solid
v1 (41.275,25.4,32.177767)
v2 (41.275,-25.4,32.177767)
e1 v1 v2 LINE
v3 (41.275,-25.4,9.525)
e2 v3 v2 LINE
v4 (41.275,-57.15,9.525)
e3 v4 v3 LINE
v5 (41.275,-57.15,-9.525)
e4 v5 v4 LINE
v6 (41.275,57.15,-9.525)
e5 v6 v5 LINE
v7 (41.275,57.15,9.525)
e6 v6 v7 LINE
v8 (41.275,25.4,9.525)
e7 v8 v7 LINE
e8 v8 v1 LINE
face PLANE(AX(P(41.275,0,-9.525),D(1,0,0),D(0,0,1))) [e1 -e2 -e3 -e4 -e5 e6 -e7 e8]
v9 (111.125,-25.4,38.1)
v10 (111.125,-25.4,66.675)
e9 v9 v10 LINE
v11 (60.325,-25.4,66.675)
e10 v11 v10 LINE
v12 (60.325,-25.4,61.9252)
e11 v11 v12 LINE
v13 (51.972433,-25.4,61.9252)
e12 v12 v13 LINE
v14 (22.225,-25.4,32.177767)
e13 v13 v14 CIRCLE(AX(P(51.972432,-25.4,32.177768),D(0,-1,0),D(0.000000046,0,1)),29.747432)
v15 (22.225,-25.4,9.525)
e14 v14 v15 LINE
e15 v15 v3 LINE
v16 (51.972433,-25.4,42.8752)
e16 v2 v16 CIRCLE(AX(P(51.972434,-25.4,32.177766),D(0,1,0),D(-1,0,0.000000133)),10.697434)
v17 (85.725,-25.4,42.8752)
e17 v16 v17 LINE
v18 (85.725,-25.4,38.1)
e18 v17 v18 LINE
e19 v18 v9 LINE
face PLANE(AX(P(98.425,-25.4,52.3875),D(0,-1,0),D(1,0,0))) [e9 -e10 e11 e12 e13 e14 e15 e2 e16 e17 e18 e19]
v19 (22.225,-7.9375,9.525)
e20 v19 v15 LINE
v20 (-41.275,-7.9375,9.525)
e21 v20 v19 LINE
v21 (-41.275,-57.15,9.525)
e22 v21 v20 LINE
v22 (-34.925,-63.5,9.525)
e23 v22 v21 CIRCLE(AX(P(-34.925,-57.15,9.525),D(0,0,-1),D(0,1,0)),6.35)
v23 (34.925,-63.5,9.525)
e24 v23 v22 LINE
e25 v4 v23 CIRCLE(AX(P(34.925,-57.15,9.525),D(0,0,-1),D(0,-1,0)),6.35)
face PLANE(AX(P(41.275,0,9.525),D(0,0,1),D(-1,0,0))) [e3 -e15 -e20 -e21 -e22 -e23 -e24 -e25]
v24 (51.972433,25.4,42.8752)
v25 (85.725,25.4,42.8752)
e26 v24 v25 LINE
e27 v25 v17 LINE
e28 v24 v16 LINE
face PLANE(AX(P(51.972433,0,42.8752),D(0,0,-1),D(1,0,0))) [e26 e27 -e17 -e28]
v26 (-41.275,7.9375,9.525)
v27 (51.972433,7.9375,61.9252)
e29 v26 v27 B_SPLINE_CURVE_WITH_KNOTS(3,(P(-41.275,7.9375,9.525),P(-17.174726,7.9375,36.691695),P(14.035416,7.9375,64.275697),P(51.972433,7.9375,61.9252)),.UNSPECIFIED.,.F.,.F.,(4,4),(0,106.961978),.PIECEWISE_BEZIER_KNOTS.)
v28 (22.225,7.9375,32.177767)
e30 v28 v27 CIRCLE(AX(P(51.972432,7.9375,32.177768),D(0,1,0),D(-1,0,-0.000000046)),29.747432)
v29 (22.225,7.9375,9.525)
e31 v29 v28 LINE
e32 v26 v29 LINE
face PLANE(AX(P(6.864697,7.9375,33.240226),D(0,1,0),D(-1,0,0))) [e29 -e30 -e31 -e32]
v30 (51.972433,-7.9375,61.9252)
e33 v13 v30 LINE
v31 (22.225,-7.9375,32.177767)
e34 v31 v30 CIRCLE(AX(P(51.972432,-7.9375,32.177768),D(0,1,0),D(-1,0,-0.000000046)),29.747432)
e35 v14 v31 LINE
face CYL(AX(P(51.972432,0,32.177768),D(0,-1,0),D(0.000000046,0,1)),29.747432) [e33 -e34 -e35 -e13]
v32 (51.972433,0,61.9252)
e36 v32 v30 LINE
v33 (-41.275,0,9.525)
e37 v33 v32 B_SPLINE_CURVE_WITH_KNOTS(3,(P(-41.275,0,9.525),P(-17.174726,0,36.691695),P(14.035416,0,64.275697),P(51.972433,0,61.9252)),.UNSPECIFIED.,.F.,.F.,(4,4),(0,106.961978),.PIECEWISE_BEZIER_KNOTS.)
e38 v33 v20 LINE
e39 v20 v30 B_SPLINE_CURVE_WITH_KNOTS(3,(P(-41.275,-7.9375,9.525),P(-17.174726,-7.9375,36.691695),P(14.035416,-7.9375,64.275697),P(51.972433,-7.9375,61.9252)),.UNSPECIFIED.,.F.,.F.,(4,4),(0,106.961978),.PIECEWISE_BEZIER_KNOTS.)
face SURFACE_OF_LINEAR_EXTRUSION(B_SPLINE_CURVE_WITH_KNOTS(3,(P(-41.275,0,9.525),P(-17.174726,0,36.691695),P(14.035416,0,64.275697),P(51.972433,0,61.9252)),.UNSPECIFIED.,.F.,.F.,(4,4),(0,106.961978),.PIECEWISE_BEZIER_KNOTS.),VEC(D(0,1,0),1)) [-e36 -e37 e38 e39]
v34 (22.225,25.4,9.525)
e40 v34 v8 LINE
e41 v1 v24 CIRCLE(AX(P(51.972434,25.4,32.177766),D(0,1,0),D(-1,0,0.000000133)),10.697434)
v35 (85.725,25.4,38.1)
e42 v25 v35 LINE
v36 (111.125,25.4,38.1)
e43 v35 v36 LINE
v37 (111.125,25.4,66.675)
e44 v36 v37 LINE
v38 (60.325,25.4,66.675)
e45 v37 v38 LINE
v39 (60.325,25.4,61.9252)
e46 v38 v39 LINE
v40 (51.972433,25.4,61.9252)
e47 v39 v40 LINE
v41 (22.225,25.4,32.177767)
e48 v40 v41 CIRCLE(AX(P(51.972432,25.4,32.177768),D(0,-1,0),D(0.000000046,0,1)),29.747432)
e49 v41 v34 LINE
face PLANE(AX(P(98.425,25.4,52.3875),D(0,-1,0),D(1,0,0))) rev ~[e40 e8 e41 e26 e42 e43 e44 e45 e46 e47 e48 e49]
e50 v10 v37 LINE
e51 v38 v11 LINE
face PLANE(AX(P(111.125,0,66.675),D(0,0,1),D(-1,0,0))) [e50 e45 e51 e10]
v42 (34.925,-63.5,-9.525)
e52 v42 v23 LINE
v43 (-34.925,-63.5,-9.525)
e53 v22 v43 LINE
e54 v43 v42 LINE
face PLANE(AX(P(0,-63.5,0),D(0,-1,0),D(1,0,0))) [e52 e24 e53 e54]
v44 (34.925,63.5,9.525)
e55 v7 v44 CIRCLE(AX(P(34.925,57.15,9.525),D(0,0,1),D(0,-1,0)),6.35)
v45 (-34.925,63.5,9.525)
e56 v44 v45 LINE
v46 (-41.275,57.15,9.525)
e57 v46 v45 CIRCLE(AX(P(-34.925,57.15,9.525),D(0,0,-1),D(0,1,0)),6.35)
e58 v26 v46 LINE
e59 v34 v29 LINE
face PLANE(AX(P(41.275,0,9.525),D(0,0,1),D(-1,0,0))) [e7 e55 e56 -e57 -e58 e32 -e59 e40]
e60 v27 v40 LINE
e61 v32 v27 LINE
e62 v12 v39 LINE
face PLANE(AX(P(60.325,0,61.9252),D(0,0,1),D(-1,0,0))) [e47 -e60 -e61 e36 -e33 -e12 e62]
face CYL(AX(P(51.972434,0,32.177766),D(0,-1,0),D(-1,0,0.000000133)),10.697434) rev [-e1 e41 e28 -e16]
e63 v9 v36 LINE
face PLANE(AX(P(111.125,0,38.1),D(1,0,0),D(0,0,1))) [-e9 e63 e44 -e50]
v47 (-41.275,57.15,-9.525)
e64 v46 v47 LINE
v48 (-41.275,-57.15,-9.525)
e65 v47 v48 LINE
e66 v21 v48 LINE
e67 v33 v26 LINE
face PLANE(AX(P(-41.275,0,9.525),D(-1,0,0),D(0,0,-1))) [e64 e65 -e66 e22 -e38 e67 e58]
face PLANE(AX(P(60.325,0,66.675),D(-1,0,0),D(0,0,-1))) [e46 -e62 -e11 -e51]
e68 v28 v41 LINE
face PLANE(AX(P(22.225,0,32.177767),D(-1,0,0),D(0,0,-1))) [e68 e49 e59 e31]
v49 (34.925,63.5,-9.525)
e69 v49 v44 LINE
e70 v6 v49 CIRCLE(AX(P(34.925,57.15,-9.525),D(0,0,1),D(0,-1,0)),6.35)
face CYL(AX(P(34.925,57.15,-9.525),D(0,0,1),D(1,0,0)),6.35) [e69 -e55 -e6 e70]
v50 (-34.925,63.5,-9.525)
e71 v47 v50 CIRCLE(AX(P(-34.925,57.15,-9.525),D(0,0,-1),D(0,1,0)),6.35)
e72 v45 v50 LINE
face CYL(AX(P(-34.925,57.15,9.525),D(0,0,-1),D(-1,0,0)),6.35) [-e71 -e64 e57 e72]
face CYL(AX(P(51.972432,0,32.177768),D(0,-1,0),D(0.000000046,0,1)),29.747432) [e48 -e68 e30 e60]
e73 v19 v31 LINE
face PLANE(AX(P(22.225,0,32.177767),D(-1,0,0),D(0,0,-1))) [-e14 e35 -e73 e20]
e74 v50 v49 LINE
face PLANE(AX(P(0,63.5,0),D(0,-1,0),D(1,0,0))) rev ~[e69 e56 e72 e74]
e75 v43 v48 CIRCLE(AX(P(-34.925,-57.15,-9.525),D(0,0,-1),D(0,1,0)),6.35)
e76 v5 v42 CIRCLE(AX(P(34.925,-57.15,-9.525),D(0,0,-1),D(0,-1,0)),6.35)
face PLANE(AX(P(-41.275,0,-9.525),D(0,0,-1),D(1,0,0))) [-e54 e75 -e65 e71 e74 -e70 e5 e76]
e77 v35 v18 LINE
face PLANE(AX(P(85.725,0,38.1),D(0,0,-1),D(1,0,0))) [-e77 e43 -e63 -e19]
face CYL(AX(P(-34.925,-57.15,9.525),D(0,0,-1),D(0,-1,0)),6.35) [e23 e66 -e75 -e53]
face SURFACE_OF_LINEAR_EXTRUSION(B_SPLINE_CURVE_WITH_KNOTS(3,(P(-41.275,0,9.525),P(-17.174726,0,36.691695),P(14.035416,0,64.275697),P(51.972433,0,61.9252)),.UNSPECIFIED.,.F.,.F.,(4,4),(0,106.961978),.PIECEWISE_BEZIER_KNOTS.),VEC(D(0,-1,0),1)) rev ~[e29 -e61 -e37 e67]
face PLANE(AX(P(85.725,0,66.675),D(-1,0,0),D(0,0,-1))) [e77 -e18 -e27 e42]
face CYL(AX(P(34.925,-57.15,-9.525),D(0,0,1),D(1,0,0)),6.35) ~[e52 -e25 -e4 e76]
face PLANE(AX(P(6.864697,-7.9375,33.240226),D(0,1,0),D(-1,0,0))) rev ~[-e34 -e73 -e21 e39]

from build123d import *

# Parameters (mm, degrees)
F1_DEPTH = 63.5
F2_DEPTH = 25.4
F3_DEPTH = 7.9375
F4_DEPTH = 25.4
F5_R     = 6.35


with BuildPart() as f1:
    # F0 (on Front) → F1 (new body, symmetric)
    with BuildSketch(Plane.XZ):
        Polygon((22.225, 9.525), (-41.275, 9.525), (-41.275, -9.525), (41.275, -9.525), (41.275, 9.525), align=None)
    extrude(amount=F1_DEPTH, both=True)

    # F0 (on Front) → F2 (join, symmetric)
    with BuildSketch(Plane.XZ):
        with BuildLine():
            Line((22.225, 32.177767), (22.225, 9.525))
            Line((22.225, 9.525), (41.275, 9.525))
            Line((41.275, 9.525), (41.275, 32.177767))
            ThreePointArc((41.275, 32.177767), (44.408206, 39.741994), (51.972433, 42.8752))
            Line((51.972433, 42.8752), (60.325, 42.8752))
            Line((60.325, 42.8752), (60.325, 61.9252))
            Line((60.325, 61.9252), (51.972433, 61.9252))
            ThreePointArc((51.972433, 61.9252), (30.937821, 53.212379), (22.225, 32.177767))
        make_face()
        Polygon((60.325, 66.675), (60.325, 61.9252), (60.325, 42.8752), (85.725, 42.8752), (85.725, 66.675), align=None)
    extrude(amount=F2_DEPTH, both=True)

    # F0 (on Front) → F3 (join, symmetric)
    with BuildSketch(Plane.XZ):
        with BuildLine():
            add(Edge.make_bspline(
                [(-41.275, 9.525), (-17.174726, 36.691695), (14.035416, 64.275697), (51.972433, 61.9252)],
                knots=[0, 0, 0, 0, 106.961978, 106.961978, 106.961978, 106.961978], degree=3))
            Line((-41.275, 9.525), (22.225, 9.525))
            Line((22.225, 9.525), (22.225, 32.177767))
            ThreePointArc((22.225, 32.177767), (30.937821, 53.212379), (51.972433, 61.9252))
        make_face()
    extrude(amount=F3_DEPTH, both=True)

    # F0 (on Front) → F4 (join, symmetric)
    with BuildSketch(Plane.XZ):
        Polygon((111.125, 66.675), (85.725, 66.675), (85.725, 42.8752), (85.725, 38.1), (111.125, 38.1), align=None)
    extrude(amount=F4_DEPTH, both=True)

    # F5
    f5_edges = [f1.edges().sort_by_distance(p)[0] for p in [
        (-41.275, -63.5, 0),
        (41.275, -63.5, 0),
        (-41.275, 63.5, 0),
        (41.275, 63.5, 0),
    ]]
    fillet(f5_edges, radius=F5_R)


solid = f1.part
